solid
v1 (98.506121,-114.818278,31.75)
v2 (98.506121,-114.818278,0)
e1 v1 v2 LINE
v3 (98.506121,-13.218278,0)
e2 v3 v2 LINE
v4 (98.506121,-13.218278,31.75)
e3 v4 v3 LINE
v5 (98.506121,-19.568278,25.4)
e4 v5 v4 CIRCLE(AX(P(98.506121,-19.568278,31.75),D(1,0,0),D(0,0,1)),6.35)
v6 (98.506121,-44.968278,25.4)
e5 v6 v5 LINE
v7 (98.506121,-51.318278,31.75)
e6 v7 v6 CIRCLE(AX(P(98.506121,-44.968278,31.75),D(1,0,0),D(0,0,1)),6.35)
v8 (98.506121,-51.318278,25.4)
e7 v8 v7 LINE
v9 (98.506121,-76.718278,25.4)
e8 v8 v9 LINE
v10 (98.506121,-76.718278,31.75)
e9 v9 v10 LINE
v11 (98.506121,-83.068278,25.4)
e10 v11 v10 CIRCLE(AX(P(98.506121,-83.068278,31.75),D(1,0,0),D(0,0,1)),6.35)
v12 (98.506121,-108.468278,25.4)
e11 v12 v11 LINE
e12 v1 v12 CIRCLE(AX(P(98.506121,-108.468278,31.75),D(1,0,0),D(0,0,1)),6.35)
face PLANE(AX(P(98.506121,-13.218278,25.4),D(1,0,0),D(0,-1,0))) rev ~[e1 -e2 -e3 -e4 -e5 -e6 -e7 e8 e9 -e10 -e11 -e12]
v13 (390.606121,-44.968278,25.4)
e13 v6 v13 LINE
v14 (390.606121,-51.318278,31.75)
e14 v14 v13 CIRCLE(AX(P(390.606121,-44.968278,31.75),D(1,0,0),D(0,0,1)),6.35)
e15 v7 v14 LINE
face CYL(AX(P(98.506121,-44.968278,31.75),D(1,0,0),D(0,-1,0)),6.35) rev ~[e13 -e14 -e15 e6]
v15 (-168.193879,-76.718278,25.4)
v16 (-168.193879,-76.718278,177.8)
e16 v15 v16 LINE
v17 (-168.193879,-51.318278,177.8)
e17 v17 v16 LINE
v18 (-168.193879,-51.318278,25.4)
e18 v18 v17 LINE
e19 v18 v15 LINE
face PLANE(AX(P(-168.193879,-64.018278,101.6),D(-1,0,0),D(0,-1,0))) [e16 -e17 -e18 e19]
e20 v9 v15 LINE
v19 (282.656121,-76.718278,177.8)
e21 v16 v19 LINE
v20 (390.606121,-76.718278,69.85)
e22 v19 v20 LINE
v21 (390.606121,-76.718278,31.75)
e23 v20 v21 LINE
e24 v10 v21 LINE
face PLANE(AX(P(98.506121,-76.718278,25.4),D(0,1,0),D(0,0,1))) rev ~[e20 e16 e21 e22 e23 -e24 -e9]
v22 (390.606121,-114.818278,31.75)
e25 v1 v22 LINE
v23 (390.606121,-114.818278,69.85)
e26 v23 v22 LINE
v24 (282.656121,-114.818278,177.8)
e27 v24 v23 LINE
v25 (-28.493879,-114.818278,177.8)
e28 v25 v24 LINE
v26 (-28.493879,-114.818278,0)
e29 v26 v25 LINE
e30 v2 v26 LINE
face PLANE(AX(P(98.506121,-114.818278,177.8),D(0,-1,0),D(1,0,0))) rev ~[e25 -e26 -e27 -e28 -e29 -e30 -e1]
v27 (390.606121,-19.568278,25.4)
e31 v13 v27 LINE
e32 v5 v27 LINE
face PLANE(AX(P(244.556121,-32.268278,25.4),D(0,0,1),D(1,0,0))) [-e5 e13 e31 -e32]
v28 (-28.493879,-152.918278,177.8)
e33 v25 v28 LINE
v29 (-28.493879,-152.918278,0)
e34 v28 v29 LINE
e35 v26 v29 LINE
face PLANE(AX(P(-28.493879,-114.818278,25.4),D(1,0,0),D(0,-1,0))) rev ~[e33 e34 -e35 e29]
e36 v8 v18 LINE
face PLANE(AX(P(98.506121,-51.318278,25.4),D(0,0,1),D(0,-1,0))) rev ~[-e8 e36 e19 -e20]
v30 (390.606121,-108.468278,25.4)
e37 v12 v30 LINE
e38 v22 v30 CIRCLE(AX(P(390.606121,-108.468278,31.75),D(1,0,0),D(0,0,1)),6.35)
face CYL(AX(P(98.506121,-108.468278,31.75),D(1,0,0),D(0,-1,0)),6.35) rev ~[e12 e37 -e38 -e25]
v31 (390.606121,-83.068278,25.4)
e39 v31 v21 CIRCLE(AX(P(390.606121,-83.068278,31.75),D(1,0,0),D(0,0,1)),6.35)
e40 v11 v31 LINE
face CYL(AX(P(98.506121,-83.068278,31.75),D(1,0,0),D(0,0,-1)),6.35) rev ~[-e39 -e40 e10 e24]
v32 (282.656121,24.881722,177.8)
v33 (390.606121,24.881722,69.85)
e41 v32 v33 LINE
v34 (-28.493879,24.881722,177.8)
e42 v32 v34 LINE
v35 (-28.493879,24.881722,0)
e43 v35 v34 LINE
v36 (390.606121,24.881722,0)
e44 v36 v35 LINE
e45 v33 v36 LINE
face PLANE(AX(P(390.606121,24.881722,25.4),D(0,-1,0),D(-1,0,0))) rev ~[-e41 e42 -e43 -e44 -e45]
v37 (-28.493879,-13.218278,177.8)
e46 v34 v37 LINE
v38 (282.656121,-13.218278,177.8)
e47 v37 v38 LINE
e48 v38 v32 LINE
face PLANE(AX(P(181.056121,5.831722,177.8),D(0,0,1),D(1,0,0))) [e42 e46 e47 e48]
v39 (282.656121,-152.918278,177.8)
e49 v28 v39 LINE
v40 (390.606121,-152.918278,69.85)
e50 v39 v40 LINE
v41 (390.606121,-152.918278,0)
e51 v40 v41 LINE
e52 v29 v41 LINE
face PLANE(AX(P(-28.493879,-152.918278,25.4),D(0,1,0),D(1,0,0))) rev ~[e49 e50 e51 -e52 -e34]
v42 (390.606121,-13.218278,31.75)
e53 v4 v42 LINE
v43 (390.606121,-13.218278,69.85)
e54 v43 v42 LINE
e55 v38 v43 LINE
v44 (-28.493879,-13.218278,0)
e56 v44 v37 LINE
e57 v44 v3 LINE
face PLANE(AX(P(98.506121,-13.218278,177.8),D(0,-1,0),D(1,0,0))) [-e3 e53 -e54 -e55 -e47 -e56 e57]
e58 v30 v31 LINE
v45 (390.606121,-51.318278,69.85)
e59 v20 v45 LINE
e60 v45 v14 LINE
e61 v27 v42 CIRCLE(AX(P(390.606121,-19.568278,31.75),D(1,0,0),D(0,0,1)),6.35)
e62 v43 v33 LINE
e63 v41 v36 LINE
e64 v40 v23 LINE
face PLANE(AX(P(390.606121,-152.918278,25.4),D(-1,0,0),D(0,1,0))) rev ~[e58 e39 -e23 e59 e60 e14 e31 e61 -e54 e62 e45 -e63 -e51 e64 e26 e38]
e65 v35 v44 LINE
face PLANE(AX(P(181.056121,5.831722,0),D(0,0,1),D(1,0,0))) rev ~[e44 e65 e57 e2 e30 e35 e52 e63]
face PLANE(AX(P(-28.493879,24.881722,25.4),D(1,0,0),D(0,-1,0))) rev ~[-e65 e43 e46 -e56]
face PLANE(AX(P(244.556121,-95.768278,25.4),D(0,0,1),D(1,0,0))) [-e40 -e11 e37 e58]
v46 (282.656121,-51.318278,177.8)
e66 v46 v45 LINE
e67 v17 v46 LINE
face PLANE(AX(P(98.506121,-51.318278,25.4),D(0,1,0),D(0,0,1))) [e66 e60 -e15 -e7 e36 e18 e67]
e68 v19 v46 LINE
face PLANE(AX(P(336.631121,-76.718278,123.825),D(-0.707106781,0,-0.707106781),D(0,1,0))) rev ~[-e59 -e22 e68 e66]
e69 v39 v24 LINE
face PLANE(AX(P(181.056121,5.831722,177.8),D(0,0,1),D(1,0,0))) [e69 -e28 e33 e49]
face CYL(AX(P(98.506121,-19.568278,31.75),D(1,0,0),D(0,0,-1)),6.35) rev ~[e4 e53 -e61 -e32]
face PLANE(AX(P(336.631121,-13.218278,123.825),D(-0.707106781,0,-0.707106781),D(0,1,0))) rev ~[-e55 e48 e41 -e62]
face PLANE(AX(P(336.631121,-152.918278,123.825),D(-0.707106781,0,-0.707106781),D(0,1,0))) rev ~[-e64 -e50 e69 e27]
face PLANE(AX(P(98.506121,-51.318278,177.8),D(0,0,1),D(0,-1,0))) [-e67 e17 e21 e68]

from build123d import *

# Parameters (mm, degrees)
F0_W     = 292.1
F0_H     = 44.45
F1_DEPTH = 25.4
F3_DEPTH = 152.4
F4_W     = 292.1
F4_H     = 38.1
F5_DEPTH = 152.4
F6_SIZE  = 107.95
F7_W     = 25.4
F7_H     = 152.4
F8_DEPTH = 266.7
F9_R     = 6.35
F10_R    = 6.35


with BuildPart() as f1:
    # F0 (on Top) → F1 (new body)
    with BuildSketch(Plane.XY):
        Polygon((390.6061206371, 24.8817224056), (-28.4938793629, 24.8817224056), (-28.4938793629, -13.2182775944), (98.5061206371, -13.2182775944), (390.6061206371, -13.2182775944), align=None)
        with Locations((244.5561206371, -35.4432775944)):
            Rectangle(F0_W, F0_H)
        Polygon((390.6061206371, -70.3682775944), (390.6061206371, -57.6682775944), (98.5061206371, -57.6682775944), (98.5061206371, -64.0182775944), (98.5061206371, -70.3682775944), align=None)
        with Locations((244.5561206371, -92.5932775944)):
            Rectangle(F0_W, F0_H)
        Polygon((390.6061206371, -152.9182775944), (390.6061206371, -114.8182775944), (98.5061206371, -114.8182775944), (-28.4938793629, -114.8182775944), (-28.4938793629, -152.9182775944), align=None)
    extrude(amount=F1_DEPTH)

    # F3 (add): a face of the model
    f3_faces = [f1.faces().sort_by_distance(p)[0] for p in [
        (211.6425080716, -64.0182775944, 25.4),
    ]]
    extrude(f3_faces, amount=F3_DEPTH)

    # F4 (on face) → F5 (cut)
    with BuildSketch(Plane.XY.offset(177.8)):
        with Locations((244.5561206371, -32.2682775944)):
            Rectangle(F4_W, F4_H)
        with Locations((244.5561206371, -95.7682775944)):
            Rectangle(F4_W, F4_H)
    extrude(amount=-F5_DEPTH, mode=Mode.SUBTRACT)

    # F6
    f6_edges = [f1.edges().sort_by_distance(p)[0] for p in [
        (390.606121, -133.868278, 177.8),
        (390.606121, -64.018278, 177.8),
        (390.606121, 5.831722, 177.8),
    ]]
    chamfer(f6_edges, length=F6_SIZE)

    # F7 (on face) → F8 (join)
    with BuildSketch(Plane(origin=(98.5061206371, 0, 0), x_dir=(0, -1, 0), z_dir=(-1, 0, 0))):
        with Locations((64.0182775944, 101.6)):
            Rectangle(F7_W, F7_H)
    extrude(amount=F8_DEPTH)

    # F9
    f9_edges = [f1.edges().sort_by_distance(p)[0] for p in [
        (244.556121, -114.818278, 25.4),
    ]]
    fillet(f9_edges, radius=F9_R)

    # F10
    f10_edges = [f1.edges().sort_by_distance(p)[0] for p in [
        (244.556121, -51.318278, 25.4),
        (244.556121, -76.718278, 25.4),
        (244.556121, -13.218278, 25.4),
    ]]
    fillet(f10_edges, radius=F10_R)


solid = f1.part
